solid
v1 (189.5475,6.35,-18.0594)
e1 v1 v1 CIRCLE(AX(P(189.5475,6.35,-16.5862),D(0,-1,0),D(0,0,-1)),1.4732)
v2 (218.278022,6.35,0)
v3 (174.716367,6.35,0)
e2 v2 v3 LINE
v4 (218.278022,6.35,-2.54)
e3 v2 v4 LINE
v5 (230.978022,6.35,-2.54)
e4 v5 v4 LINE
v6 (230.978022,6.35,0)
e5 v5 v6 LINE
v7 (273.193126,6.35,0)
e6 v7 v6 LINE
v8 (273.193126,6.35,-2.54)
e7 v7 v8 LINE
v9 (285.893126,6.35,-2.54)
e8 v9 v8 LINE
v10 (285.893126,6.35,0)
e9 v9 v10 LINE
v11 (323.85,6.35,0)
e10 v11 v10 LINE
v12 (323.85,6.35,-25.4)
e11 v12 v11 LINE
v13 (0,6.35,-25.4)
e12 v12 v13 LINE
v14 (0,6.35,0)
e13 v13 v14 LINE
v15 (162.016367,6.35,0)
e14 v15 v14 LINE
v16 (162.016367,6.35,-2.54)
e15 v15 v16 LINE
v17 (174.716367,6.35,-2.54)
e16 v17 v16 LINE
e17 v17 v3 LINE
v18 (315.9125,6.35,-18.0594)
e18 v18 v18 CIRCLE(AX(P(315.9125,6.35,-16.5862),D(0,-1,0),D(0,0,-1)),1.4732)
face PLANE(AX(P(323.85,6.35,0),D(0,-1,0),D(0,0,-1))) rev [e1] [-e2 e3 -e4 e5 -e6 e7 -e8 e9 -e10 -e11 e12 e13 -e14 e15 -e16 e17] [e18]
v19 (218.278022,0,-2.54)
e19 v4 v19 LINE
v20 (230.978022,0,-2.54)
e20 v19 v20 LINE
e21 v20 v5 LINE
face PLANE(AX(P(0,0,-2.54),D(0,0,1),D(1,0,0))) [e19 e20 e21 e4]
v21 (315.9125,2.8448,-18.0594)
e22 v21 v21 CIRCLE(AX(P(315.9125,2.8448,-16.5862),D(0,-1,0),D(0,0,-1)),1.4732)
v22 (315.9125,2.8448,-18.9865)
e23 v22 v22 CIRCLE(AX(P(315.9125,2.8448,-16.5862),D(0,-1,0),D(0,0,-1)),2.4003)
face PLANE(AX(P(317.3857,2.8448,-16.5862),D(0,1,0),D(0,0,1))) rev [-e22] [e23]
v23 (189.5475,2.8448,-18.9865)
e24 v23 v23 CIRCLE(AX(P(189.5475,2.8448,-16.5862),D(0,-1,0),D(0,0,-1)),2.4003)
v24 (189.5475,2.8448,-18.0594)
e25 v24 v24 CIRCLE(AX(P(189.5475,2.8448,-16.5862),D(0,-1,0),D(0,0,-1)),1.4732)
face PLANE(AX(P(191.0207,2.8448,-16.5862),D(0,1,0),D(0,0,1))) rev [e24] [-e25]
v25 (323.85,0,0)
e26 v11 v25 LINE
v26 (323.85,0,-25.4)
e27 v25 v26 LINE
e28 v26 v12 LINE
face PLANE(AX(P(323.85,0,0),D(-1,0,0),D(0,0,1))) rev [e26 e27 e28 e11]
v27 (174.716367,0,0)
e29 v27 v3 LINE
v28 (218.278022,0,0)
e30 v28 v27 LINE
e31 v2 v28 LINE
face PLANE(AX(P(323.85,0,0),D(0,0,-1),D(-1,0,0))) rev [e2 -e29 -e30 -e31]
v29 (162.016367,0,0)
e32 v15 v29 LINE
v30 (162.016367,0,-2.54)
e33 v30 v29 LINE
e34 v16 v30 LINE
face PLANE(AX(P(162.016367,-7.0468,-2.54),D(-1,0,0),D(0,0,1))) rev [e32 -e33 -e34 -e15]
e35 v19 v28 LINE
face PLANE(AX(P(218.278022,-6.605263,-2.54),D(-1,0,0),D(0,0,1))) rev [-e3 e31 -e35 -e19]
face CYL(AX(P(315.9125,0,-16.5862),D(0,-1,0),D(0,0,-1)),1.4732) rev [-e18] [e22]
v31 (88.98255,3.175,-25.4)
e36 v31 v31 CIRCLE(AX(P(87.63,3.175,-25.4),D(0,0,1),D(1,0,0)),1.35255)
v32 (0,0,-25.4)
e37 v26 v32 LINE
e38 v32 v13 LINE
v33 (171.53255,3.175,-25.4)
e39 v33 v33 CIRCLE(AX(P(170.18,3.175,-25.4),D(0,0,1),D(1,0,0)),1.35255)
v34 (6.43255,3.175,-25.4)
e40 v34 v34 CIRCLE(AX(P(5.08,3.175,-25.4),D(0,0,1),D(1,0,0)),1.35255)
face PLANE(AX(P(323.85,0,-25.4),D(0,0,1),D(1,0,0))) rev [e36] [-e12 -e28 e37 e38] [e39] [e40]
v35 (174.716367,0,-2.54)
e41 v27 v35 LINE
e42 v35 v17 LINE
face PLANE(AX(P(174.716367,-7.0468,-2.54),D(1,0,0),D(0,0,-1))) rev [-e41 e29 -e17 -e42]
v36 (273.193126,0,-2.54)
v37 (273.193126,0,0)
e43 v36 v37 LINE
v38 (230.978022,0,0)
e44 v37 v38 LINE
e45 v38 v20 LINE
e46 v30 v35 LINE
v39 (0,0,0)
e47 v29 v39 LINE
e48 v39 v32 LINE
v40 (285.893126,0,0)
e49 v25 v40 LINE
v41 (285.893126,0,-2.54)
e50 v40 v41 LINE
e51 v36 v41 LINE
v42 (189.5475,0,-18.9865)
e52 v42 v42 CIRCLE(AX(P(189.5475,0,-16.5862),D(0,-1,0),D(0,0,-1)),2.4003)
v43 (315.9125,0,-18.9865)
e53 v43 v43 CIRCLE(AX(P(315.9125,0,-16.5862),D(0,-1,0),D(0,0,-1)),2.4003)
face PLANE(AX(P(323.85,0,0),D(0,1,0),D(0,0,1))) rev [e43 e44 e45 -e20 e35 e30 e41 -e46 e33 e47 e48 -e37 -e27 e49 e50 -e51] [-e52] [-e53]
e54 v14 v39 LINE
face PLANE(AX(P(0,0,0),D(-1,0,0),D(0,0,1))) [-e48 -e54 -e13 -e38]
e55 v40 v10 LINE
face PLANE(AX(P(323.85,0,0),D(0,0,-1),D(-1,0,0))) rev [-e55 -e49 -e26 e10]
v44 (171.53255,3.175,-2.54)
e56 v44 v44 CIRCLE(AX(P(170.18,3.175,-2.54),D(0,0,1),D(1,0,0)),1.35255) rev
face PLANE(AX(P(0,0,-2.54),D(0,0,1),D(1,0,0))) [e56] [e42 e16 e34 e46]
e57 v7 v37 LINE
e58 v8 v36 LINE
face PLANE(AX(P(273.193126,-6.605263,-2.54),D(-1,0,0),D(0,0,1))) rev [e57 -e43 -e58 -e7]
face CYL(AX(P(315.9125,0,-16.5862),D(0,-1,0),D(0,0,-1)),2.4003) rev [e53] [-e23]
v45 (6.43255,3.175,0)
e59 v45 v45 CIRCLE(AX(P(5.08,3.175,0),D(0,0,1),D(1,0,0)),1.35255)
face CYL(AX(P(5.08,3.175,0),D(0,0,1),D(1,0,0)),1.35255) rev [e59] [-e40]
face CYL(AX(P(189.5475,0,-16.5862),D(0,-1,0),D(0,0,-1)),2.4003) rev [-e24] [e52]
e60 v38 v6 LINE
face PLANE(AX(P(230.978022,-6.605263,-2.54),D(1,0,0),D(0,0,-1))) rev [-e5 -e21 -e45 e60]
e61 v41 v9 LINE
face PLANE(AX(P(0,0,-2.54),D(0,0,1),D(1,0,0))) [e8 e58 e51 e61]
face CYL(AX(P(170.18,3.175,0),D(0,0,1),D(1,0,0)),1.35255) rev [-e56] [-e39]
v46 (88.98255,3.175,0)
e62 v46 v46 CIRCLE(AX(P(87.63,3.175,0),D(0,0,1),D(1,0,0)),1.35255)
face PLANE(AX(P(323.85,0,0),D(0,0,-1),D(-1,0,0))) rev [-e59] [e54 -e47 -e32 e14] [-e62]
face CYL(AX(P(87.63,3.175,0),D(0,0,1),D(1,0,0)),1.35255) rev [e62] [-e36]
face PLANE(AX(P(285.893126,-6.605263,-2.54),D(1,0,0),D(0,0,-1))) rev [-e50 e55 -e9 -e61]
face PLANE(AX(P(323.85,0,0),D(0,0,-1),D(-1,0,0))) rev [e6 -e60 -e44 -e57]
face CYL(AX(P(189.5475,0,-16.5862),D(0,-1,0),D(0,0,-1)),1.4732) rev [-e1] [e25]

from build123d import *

# Parameters (mm, degrees)
SKETCH1_W                                           = 25.4
SKETCH1_H                                           = 6.35
BOSS_EXTRUDE1_DEPTH                                 = 323.85
TAP_DRILL_FOR_6_32_TAP1_D                           = 2.7051
CBORE_FOR_4_BINDING_HEAD_MACHINE_SCREW2_D           = 2.9464
CBORE_FOR_4_BINDING_HEAD_MACHINE_SCREW2_CBORE_D     = 4.8006
CBORE_FOR_4_BINDING_HEAD_MACHINE_SCREW2_CBORE_DEPTH = 2.8448
SKETCH7_W                                           = 16.52236986
SKETCH7_H                                           = 12.7
SKETCH7_W_2                                         = 15.385295506
CUT_EXTRUDE2_DEPTH                                  = 2.54


with BuildPart() as part:
    # Sketch1 → Boss-Extrude1 (new body)
    with BuildSketch(Plane(origin=(0, 0, 0), x_dir=(0, 0, -1), z_dir=(1, 0, 0))):
        with Locations((12.7, 3.175)):
            Rectangle(SKETCH1_W, SKETCH1_H)
    extrude(amount=BOSS_EXTRUDE1_DEPTH)

    # Tap Drill for #6-32 Tap1 (through all)
    with Locations(Plane.XY):
        with Locations((5.08, 3.175), (87.63, 3.175), (170.18, 3.175)):
            Hole(TAP_DRILL_FOR_6_32_TAP1_D / 2)

    # CBORE for #4 Binding Head Machine Screw2 (through all)
    with Locations(Plane(origin=(0, 0, 0), x_dir=(-1, 0, 0), z_dir=(0, -1, 0))):
        with Locations((-315.9125, 16.5862), (-189.5475, 16.5862)):
            CounterBoreHole(CBORE_FOR_4_BINDING_HEAD_MACHINE_SCREW2_D / 2, CBORE_FOR_4_BINDING_HEAD_MACHINE_SCREW2_CBORE_D / 2, CBORE_FOR_4_BINDING_HEAD_MACHINE_SCREW2_CBORE_DEPTH)

    # Sketch7 → Cut-Extrude2 (cut)
    with BuildSketch(Plane(origin=(405.672488364, 78.178033599, 0), x_dir=(0, 1, 0), z_dir=(0, 0, 1))):
        with Locations((-76.963648836, 237.306121416)):
            Rectangle(SKETCH7_W, SKETCH7_H)
        with Locations((-77.090648836, 181.04446618)):
            Rectangle(SKETCH7_W_2, SKETCH7_H)
        with Locations((-77.090648836, 126.129362211)):
            Rectangle(SKETCH7_W_2, SKETCH7_H)
    extrude(amount=-CUT_EXTRUDE2_DEPTH, mode=Mode.SUBTRACT)


solid = part.part
